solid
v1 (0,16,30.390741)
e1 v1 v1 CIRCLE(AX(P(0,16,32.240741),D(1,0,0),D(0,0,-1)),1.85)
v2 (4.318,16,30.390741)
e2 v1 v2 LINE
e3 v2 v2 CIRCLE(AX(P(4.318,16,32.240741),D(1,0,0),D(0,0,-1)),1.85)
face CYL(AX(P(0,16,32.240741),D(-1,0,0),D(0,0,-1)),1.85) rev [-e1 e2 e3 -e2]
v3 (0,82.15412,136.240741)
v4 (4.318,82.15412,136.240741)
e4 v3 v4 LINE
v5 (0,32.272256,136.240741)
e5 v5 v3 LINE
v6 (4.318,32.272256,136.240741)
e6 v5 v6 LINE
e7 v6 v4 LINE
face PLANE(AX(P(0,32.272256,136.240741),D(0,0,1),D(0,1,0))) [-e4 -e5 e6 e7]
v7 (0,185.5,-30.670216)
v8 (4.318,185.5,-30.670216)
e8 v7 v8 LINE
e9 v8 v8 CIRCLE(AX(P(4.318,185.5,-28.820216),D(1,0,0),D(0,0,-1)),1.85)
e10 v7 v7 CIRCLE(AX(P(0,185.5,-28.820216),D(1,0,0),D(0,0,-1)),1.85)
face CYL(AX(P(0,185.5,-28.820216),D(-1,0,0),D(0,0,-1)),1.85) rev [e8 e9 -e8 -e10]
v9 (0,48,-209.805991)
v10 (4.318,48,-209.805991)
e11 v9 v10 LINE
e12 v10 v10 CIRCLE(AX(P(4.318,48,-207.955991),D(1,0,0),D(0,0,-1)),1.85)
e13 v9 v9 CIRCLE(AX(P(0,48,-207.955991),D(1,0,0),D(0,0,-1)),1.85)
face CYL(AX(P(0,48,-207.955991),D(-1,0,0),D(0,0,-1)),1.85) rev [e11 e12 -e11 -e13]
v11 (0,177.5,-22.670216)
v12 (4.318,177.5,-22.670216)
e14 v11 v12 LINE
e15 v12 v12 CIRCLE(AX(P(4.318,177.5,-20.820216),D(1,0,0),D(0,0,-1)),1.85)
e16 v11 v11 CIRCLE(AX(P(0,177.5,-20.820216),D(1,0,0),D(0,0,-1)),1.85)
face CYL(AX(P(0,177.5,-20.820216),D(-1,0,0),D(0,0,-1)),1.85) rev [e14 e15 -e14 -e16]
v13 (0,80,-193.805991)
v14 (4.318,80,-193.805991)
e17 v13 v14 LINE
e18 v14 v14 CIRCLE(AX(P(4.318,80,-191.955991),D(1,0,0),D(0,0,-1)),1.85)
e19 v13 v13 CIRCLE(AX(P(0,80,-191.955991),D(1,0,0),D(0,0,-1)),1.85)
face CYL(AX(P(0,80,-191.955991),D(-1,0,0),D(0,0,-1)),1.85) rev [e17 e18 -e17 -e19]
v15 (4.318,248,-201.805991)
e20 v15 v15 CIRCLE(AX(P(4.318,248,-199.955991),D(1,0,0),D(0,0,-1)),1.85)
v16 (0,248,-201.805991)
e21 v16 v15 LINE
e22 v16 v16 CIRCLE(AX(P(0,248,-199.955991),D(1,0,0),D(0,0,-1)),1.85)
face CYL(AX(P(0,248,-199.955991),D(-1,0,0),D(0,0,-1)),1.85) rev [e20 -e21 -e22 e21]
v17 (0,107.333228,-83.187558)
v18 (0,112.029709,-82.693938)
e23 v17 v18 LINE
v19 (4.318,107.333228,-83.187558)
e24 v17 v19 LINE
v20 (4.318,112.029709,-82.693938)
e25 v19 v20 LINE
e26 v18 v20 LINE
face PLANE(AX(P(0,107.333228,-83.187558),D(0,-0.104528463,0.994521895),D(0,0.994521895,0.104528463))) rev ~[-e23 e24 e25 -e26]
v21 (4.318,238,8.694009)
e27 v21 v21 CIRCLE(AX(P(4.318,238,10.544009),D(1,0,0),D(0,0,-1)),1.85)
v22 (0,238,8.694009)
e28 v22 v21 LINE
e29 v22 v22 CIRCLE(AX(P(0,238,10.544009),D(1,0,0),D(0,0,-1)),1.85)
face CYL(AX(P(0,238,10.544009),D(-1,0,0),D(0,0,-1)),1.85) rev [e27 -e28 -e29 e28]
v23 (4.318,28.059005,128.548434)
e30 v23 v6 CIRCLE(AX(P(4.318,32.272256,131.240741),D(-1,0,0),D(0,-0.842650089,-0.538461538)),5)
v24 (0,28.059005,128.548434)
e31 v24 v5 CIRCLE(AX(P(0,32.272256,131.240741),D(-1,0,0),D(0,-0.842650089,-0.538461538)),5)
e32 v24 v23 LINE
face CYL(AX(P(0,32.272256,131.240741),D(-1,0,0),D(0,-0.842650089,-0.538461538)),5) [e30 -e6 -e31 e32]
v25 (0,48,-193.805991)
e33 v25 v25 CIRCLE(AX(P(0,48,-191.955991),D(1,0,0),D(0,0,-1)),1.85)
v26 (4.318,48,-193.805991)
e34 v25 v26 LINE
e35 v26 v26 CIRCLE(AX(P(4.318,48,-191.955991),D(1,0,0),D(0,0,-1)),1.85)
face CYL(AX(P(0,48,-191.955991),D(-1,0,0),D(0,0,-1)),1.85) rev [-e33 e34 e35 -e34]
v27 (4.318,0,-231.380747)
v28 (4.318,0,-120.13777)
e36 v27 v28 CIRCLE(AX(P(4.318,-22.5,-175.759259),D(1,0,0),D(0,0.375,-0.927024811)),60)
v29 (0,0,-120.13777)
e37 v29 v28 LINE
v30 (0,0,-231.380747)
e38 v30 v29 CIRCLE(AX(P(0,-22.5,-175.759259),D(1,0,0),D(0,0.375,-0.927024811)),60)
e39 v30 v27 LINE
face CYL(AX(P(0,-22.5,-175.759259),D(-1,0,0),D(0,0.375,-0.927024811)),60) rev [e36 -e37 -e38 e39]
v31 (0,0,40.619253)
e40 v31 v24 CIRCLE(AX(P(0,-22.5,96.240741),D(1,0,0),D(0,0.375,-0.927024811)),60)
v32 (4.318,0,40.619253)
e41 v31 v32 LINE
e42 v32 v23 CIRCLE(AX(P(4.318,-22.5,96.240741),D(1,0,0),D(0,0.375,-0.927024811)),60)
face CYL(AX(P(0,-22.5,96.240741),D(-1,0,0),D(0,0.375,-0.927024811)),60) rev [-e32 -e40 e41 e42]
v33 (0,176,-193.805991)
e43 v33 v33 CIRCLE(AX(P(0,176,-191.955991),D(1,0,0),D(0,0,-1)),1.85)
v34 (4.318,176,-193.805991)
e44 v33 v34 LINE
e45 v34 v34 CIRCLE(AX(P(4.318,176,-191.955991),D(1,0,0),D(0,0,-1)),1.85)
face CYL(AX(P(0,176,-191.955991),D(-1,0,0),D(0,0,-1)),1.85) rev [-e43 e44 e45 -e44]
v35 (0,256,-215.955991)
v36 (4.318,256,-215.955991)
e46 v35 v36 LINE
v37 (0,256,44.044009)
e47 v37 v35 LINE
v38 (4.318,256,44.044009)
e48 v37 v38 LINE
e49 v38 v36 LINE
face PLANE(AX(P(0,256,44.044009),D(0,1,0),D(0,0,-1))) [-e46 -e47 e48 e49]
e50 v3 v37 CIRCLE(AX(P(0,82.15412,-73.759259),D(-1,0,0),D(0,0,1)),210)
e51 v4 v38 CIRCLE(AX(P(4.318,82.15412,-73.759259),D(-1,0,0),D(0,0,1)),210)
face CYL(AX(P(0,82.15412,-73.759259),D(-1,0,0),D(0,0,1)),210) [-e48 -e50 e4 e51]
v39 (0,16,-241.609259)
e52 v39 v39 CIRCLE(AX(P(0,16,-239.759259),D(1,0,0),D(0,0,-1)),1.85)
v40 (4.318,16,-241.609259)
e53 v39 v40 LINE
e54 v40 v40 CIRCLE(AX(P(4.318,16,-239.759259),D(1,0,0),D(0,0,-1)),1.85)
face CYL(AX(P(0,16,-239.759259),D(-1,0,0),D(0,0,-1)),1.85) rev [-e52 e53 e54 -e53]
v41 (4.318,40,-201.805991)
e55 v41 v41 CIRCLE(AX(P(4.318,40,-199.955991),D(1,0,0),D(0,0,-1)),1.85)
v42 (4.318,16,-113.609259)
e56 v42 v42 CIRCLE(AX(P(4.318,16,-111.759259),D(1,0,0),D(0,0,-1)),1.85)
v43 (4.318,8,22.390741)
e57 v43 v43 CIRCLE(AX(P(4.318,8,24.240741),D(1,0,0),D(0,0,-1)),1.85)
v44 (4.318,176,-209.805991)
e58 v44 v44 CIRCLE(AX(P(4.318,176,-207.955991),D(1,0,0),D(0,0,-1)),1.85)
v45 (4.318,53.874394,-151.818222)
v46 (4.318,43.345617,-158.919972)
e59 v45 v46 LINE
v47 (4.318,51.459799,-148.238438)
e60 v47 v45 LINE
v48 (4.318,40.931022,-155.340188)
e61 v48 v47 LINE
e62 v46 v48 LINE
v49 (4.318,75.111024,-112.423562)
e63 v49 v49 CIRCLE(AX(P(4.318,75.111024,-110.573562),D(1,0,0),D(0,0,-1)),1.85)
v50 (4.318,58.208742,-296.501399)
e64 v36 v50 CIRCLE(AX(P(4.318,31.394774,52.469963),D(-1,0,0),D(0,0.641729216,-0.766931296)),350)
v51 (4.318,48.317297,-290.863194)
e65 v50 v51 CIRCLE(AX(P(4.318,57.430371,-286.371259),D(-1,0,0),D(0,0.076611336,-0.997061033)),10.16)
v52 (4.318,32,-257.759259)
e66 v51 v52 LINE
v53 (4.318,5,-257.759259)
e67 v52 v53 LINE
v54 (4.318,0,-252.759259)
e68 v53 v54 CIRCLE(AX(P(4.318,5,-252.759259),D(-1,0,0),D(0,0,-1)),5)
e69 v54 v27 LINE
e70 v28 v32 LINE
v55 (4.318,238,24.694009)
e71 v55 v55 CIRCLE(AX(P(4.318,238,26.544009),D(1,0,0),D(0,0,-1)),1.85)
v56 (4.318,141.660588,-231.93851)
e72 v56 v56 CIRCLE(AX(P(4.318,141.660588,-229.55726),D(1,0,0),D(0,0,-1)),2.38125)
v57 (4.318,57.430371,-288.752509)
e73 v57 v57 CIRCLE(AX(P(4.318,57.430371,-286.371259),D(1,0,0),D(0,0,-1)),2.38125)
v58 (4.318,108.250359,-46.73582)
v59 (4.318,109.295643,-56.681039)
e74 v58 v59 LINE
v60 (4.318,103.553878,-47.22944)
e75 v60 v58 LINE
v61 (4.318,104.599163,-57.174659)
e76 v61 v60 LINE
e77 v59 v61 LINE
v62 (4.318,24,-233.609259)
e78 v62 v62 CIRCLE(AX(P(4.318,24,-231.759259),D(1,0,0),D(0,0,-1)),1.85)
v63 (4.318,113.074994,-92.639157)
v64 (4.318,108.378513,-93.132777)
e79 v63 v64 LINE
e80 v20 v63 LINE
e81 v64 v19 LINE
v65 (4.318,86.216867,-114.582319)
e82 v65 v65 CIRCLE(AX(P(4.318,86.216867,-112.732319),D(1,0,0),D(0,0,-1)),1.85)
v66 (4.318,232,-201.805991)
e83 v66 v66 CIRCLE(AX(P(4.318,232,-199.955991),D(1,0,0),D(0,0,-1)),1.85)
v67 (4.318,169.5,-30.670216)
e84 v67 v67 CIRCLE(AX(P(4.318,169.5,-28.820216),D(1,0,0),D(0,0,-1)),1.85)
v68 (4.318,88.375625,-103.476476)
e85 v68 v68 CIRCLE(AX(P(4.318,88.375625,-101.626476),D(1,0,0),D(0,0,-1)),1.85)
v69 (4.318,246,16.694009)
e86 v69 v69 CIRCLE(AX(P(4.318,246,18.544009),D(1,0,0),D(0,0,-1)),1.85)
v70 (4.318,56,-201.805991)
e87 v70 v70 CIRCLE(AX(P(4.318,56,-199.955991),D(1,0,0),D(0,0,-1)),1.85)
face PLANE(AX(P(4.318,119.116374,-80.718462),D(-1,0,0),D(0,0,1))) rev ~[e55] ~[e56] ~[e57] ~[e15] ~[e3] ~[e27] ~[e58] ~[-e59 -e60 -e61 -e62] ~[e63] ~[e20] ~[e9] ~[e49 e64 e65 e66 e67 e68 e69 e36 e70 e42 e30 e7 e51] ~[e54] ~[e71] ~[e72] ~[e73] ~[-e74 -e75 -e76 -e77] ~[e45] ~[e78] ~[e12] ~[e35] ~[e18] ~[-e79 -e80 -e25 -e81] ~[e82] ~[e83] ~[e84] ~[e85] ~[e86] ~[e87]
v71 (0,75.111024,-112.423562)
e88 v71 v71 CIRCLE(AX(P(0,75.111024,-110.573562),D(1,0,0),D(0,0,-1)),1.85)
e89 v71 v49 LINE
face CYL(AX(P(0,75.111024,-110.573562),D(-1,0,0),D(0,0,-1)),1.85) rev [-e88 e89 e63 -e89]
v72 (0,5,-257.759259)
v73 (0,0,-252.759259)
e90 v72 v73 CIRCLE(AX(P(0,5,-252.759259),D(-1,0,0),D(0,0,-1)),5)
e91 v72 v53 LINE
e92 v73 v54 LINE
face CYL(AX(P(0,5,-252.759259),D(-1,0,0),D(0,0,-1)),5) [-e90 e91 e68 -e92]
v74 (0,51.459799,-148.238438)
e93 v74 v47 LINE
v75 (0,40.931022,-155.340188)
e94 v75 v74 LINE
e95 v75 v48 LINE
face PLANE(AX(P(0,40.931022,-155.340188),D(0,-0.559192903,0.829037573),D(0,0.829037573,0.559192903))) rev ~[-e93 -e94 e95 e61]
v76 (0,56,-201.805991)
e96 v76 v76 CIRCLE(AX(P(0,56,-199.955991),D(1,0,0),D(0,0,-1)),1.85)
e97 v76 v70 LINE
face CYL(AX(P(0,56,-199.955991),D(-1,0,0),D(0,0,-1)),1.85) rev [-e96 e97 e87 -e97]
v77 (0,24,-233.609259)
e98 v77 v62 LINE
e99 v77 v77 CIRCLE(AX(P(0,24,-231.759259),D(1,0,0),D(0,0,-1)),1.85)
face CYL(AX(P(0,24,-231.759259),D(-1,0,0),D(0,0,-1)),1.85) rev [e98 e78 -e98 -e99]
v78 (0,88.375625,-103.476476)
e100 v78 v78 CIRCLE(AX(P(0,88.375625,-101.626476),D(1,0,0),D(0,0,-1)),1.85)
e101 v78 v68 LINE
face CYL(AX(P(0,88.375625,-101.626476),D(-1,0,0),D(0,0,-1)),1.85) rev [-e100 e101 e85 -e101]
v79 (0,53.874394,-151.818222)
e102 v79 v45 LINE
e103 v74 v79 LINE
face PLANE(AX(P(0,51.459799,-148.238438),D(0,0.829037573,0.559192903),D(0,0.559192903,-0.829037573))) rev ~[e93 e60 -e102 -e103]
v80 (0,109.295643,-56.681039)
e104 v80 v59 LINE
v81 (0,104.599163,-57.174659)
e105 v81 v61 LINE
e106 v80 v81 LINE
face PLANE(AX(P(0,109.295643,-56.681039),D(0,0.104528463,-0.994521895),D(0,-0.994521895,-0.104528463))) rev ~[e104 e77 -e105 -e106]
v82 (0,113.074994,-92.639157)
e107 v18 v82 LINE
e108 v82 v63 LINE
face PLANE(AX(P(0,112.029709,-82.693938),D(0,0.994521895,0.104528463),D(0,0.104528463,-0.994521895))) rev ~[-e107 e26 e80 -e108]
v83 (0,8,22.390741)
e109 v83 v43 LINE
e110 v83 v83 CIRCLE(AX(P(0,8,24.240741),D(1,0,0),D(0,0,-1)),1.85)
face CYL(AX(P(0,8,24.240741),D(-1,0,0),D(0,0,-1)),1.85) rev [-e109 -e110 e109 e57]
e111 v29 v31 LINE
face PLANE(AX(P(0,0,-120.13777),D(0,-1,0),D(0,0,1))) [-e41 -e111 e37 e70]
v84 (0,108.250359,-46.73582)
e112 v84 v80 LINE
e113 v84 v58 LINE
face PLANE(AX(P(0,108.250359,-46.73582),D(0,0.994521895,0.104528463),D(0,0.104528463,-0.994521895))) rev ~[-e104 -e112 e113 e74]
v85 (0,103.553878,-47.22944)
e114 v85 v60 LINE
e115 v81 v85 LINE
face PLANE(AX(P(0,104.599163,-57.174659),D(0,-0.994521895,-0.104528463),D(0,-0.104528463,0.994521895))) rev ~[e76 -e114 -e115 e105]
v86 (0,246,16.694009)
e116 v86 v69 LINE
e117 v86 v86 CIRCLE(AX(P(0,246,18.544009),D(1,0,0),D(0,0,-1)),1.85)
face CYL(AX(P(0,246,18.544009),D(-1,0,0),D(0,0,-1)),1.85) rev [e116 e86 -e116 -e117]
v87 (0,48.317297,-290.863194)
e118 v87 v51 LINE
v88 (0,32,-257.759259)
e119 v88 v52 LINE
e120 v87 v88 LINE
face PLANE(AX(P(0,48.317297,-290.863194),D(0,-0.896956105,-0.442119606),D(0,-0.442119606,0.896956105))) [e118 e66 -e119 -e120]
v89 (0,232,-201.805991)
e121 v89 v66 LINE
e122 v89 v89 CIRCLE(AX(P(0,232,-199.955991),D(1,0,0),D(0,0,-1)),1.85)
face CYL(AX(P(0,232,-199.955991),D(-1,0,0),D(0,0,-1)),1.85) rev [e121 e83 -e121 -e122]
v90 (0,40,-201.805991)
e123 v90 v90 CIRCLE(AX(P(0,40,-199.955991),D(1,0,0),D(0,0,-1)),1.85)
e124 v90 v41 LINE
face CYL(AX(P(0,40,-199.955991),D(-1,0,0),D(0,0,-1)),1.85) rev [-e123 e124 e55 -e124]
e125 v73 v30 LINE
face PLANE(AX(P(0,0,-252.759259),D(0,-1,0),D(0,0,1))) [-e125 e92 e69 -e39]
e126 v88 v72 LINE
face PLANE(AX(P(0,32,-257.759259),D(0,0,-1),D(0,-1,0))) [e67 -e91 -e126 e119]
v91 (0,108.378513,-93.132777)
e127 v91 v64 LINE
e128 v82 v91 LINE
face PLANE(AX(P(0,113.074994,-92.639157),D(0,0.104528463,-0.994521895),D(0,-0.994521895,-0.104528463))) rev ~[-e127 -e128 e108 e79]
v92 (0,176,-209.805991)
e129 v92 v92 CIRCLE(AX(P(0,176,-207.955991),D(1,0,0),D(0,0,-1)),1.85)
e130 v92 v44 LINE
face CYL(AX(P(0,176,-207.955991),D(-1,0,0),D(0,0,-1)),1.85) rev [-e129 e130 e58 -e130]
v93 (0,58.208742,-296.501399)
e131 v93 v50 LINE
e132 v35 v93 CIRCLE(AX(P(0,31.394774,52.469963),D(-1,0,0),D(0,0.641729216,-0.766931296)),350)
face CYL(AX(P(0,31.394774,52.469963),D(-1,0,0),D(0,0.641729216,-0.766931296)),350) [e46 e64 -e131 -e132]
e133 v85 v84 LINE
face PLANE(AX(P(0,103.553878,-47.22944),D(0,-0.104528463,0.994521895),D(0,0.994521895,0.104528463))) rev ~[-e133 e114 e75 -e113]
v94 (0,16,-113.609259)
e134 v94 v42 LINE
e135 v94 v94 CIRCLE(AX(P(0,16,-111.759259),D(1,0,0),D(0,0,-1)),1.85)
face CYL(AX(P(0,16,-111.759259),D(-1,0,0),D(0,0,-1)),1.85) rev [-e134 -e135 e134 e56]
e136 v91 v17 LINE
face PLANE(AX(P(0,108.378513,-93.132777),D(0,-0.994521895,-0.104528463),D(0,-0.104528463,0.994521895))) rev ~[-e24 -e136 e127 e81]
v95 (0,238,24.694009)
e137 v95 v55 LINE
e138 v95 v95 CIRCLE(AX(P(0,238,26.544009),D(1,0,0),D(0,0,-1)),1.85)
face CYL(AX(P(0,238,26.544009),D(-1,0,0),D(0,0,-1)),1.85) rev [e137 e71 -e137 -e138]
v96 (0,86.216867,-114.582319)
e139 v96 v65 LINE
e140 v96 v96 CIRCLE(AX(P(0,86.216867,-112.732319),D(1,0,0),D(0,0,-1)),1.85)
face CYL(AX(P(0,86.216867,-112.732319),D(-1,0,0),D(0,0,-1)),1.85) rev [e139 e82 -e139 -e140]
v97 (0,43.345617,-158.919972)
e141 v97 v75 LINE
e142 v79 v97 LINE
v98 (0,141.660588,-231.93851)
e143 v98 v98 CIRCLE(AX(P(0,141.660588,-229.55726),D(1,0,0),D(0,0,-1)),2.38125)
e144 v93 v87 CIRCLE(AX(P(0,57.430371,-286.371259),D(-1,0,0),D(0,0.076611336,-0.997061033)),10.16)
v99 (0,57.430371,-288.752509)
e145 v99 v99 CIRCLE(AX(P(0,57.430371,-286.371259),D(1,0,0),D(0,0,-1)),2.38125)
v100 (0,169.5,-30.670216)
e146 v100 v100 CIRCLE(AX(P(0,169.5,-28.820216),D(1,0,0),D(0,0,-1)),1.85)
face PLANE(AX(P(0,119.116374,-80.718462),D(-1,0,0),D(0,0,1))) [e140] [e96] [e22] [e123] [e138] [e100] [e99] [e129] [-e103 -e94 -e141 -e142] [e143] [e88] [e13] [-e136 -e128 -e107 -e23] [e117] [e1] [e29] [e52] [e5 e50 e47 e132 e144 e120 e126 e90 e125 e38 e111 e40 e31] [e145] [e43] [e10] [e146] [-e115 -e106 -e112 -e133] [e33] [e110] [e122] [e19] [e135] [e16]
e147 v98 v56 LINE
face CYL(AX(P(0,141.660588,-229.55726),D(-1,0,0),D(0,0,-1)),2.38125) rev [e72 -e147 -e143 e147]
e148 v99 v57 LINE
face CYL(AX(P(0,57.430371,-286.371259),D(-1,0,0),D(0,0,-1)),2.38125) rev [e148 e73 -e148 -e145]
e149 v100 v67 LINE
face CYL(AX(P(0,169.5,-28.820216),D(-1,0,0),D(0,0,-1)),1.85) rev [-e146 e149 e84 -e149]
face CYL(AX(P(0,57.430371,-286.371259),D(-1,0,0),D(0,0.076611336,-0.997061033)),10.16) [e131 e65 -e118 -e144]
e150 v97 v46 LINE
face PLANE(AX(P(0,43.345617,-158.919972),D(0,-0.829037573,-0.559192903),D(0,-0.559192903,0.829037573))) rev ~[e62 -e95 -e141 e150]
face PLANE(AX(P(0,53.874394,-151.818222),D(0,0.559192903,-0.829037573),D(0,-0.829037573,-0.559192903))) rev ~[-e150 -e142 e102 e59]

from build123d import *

# Parameters (mm, degrees)
SKETCH2_R           = 2.38125
SKETCH2_R_2         = 1.85
BOSS_EXTRUDE1_DEPTH = 4.318


with BuildPart() as part:
    # Sketch2 → Boss-Extrude1 (new body)
    with BuildSketch(Plane(origin=(0, 0, 0), x_dir=(0, 0, -1), z_dir=(1, 0, 0))):
        with BuildLine():
            Line((290.863193916, 48.3172966), (257.759258716, 32))
            Line((257.759258716, 32), (257.759258716, 5))
            ThreePointArc((257.759258716, 5), (256.294792622, 1.464466094), (252.759258716, 0))
            Line((252.759258716, 0), (231.380747369, 0))
            ThreePointArc((231.380747369, 0), (175.759258716, 37.5), (120.137770063, 0))
            Line((120.137770063, 0), (-40.619252631, 0))
            ThreePointArc((-40.619252631, 0), (-78.000395352, 34.660211514), (-128.548433592, 28.059005308))
            ThreePointArc((-128.548433592, 28.059005308), (-133.642663591, 27.886965654), (-136.240741284, 32.272255751))
            Line((-136.240741284, 32.272255751), (-136.240741284, 82.154119676))
            ThreePointArc((-136.240741284, 82.154119676), (-111.765249408, 180.544448903), (-44.044009042, 256))
            Line((-44.044009042, 256), (215.955990958, 256))
            ThreePointArc((215.955990958, 256), (271.683097829, 163.39777941), (296.50139881, 58.208741794))
            ThreePointArc((296.50139881, 58.208741794), (295.198004633, 52.399053051), (290.863193916, 48.3172966))
        make_face()
        with Locations((286.371258716, 57.430370624)):
            Circle(SKETCH2_R, mode=Mode.SUBTRACT)
        with Locations((-10.544009042, 238)):
            Circle(SKETCH2_R_2, mode=Mode.SUBTRACT)
        with Locations((-26.544009042, 238)):
            Circle(SKETCH2_R_2, mode=Mode.SUBTRACT)
        with Locations((-18.544009042, 246)):
            Circle(SKETCH2_R_2, mode=Mode.SUBTRACT)
        with Locations((199.955990958, 232)):
            Circle(SKETCH2_R_2, mode=Mode.SUBTRACT)
        with Locations((199.955990958, 248)):
            Circle(SKETCH2_R_2, mode=Mode.SUBTRACT)
        with Locations((207.955990958, 176)):
            Circle(SKETCH2_R_2, mode=Mode.SUBTRACT)
        with Locations((191.955990958, 80)):
            Circle(SKETCH2_R_2, mode=Mode.SUBTRACT)
        with Locations((199.955990958, 40)):
            Circle(SKETCH2_R_2, mode=Mode.SUBTRACT)
        with Locations((199.955990958, 56)):
            Circle(SKETCH2_R_2, mode=Mode.SUBTRACT)
        with Locations((207.955990958, 48)):
            Circle(SKETCH2_R_2, mode=Mode.SUBTRACT)
        with Locations((191.955990958, 48)):
            Circle(SKETCH2_R_2, mode=Mode.SUBTRACT)
        with Locations((231.759258716, 24)):
            Circle(SKETCH2_R_2, mode=Mode.SUBTRACT)
        with Locations((239.759258716, 16)):
            Circle(SKETCH2_R_2, mode=Mode.SUBTRACT)
        with Locations((111.759258716, 16)):
            Circle(SKETCH2_R_2, mode=Mode.SUBTRACT)
        with Locations((-32.240741284, 16)):
            Circle(SKETCH2_R_2, mode=Mode.SUBTRACT)
        with Locations((-24.240741284, 8)):
            Circle(SKETCH2_R_2, mode=Mode.SUBTRACT)
        with Locations((191.955990958, 176)):
            Circle(SKETCH2_R_2, mode=Mode.SUBTRACT)
        with Locations((110.573562062, 75.111023639)):
            Circle(SKETCH2_R_2, mode=Mode.SUBTRACT)
        with Locations((112.732319414, 86.216867448)):
            Circle(SKETCH2_R_2, mode=Mode.SUBTRACT)
        with Locations((101.626475606, 88.3756248)):
            Circle(SKETCH2_R_2, mode=Mode.SUBTRACT)
        with Locations((28.820215612, 169.5)):
            Circle(SKETCH2_R_2, mode=Mode.SUBTRACT)
        with Locations((28.820215612, 185.5)):
            Circle(SKETCH2_R_2, mode=Mode.SUBTRACT)
        with Locations((20.820215612, 177.5)):
            Circle(SKETCH2_R_2, mode=Mode.SUBTRACT)
        with Locations((229.557259723, 141.660587995)):
            Circle(SKETCH2_R, mode=Mode.SUBTRACT)
        Polygon((148.238437649, 51.459798909), (151.818221888, 53.874393866), (158.919971762, 43.345616694), (155.340187523, 40.931021737), align=None, mode=Mode.SUBTRACT)
        Polygon((46.735820142, 108.250358678), (56.681039096, 109.295643311), (57.17465911, 104.599162588), (47.229440157, 103.553877955), align=None, mode=Mode.SUBTRACT)
        Polygon((82.693937784, 112.029709134), (92.639156737, 113.074993767), (93.132776752, 108.378513044), (83.187557798, 107.333228412), align=None, mode=Mode.SUBTRACT)
    extrude(amount=BOSS_EXTRUDE1_DEPTH)


solid = part.part
